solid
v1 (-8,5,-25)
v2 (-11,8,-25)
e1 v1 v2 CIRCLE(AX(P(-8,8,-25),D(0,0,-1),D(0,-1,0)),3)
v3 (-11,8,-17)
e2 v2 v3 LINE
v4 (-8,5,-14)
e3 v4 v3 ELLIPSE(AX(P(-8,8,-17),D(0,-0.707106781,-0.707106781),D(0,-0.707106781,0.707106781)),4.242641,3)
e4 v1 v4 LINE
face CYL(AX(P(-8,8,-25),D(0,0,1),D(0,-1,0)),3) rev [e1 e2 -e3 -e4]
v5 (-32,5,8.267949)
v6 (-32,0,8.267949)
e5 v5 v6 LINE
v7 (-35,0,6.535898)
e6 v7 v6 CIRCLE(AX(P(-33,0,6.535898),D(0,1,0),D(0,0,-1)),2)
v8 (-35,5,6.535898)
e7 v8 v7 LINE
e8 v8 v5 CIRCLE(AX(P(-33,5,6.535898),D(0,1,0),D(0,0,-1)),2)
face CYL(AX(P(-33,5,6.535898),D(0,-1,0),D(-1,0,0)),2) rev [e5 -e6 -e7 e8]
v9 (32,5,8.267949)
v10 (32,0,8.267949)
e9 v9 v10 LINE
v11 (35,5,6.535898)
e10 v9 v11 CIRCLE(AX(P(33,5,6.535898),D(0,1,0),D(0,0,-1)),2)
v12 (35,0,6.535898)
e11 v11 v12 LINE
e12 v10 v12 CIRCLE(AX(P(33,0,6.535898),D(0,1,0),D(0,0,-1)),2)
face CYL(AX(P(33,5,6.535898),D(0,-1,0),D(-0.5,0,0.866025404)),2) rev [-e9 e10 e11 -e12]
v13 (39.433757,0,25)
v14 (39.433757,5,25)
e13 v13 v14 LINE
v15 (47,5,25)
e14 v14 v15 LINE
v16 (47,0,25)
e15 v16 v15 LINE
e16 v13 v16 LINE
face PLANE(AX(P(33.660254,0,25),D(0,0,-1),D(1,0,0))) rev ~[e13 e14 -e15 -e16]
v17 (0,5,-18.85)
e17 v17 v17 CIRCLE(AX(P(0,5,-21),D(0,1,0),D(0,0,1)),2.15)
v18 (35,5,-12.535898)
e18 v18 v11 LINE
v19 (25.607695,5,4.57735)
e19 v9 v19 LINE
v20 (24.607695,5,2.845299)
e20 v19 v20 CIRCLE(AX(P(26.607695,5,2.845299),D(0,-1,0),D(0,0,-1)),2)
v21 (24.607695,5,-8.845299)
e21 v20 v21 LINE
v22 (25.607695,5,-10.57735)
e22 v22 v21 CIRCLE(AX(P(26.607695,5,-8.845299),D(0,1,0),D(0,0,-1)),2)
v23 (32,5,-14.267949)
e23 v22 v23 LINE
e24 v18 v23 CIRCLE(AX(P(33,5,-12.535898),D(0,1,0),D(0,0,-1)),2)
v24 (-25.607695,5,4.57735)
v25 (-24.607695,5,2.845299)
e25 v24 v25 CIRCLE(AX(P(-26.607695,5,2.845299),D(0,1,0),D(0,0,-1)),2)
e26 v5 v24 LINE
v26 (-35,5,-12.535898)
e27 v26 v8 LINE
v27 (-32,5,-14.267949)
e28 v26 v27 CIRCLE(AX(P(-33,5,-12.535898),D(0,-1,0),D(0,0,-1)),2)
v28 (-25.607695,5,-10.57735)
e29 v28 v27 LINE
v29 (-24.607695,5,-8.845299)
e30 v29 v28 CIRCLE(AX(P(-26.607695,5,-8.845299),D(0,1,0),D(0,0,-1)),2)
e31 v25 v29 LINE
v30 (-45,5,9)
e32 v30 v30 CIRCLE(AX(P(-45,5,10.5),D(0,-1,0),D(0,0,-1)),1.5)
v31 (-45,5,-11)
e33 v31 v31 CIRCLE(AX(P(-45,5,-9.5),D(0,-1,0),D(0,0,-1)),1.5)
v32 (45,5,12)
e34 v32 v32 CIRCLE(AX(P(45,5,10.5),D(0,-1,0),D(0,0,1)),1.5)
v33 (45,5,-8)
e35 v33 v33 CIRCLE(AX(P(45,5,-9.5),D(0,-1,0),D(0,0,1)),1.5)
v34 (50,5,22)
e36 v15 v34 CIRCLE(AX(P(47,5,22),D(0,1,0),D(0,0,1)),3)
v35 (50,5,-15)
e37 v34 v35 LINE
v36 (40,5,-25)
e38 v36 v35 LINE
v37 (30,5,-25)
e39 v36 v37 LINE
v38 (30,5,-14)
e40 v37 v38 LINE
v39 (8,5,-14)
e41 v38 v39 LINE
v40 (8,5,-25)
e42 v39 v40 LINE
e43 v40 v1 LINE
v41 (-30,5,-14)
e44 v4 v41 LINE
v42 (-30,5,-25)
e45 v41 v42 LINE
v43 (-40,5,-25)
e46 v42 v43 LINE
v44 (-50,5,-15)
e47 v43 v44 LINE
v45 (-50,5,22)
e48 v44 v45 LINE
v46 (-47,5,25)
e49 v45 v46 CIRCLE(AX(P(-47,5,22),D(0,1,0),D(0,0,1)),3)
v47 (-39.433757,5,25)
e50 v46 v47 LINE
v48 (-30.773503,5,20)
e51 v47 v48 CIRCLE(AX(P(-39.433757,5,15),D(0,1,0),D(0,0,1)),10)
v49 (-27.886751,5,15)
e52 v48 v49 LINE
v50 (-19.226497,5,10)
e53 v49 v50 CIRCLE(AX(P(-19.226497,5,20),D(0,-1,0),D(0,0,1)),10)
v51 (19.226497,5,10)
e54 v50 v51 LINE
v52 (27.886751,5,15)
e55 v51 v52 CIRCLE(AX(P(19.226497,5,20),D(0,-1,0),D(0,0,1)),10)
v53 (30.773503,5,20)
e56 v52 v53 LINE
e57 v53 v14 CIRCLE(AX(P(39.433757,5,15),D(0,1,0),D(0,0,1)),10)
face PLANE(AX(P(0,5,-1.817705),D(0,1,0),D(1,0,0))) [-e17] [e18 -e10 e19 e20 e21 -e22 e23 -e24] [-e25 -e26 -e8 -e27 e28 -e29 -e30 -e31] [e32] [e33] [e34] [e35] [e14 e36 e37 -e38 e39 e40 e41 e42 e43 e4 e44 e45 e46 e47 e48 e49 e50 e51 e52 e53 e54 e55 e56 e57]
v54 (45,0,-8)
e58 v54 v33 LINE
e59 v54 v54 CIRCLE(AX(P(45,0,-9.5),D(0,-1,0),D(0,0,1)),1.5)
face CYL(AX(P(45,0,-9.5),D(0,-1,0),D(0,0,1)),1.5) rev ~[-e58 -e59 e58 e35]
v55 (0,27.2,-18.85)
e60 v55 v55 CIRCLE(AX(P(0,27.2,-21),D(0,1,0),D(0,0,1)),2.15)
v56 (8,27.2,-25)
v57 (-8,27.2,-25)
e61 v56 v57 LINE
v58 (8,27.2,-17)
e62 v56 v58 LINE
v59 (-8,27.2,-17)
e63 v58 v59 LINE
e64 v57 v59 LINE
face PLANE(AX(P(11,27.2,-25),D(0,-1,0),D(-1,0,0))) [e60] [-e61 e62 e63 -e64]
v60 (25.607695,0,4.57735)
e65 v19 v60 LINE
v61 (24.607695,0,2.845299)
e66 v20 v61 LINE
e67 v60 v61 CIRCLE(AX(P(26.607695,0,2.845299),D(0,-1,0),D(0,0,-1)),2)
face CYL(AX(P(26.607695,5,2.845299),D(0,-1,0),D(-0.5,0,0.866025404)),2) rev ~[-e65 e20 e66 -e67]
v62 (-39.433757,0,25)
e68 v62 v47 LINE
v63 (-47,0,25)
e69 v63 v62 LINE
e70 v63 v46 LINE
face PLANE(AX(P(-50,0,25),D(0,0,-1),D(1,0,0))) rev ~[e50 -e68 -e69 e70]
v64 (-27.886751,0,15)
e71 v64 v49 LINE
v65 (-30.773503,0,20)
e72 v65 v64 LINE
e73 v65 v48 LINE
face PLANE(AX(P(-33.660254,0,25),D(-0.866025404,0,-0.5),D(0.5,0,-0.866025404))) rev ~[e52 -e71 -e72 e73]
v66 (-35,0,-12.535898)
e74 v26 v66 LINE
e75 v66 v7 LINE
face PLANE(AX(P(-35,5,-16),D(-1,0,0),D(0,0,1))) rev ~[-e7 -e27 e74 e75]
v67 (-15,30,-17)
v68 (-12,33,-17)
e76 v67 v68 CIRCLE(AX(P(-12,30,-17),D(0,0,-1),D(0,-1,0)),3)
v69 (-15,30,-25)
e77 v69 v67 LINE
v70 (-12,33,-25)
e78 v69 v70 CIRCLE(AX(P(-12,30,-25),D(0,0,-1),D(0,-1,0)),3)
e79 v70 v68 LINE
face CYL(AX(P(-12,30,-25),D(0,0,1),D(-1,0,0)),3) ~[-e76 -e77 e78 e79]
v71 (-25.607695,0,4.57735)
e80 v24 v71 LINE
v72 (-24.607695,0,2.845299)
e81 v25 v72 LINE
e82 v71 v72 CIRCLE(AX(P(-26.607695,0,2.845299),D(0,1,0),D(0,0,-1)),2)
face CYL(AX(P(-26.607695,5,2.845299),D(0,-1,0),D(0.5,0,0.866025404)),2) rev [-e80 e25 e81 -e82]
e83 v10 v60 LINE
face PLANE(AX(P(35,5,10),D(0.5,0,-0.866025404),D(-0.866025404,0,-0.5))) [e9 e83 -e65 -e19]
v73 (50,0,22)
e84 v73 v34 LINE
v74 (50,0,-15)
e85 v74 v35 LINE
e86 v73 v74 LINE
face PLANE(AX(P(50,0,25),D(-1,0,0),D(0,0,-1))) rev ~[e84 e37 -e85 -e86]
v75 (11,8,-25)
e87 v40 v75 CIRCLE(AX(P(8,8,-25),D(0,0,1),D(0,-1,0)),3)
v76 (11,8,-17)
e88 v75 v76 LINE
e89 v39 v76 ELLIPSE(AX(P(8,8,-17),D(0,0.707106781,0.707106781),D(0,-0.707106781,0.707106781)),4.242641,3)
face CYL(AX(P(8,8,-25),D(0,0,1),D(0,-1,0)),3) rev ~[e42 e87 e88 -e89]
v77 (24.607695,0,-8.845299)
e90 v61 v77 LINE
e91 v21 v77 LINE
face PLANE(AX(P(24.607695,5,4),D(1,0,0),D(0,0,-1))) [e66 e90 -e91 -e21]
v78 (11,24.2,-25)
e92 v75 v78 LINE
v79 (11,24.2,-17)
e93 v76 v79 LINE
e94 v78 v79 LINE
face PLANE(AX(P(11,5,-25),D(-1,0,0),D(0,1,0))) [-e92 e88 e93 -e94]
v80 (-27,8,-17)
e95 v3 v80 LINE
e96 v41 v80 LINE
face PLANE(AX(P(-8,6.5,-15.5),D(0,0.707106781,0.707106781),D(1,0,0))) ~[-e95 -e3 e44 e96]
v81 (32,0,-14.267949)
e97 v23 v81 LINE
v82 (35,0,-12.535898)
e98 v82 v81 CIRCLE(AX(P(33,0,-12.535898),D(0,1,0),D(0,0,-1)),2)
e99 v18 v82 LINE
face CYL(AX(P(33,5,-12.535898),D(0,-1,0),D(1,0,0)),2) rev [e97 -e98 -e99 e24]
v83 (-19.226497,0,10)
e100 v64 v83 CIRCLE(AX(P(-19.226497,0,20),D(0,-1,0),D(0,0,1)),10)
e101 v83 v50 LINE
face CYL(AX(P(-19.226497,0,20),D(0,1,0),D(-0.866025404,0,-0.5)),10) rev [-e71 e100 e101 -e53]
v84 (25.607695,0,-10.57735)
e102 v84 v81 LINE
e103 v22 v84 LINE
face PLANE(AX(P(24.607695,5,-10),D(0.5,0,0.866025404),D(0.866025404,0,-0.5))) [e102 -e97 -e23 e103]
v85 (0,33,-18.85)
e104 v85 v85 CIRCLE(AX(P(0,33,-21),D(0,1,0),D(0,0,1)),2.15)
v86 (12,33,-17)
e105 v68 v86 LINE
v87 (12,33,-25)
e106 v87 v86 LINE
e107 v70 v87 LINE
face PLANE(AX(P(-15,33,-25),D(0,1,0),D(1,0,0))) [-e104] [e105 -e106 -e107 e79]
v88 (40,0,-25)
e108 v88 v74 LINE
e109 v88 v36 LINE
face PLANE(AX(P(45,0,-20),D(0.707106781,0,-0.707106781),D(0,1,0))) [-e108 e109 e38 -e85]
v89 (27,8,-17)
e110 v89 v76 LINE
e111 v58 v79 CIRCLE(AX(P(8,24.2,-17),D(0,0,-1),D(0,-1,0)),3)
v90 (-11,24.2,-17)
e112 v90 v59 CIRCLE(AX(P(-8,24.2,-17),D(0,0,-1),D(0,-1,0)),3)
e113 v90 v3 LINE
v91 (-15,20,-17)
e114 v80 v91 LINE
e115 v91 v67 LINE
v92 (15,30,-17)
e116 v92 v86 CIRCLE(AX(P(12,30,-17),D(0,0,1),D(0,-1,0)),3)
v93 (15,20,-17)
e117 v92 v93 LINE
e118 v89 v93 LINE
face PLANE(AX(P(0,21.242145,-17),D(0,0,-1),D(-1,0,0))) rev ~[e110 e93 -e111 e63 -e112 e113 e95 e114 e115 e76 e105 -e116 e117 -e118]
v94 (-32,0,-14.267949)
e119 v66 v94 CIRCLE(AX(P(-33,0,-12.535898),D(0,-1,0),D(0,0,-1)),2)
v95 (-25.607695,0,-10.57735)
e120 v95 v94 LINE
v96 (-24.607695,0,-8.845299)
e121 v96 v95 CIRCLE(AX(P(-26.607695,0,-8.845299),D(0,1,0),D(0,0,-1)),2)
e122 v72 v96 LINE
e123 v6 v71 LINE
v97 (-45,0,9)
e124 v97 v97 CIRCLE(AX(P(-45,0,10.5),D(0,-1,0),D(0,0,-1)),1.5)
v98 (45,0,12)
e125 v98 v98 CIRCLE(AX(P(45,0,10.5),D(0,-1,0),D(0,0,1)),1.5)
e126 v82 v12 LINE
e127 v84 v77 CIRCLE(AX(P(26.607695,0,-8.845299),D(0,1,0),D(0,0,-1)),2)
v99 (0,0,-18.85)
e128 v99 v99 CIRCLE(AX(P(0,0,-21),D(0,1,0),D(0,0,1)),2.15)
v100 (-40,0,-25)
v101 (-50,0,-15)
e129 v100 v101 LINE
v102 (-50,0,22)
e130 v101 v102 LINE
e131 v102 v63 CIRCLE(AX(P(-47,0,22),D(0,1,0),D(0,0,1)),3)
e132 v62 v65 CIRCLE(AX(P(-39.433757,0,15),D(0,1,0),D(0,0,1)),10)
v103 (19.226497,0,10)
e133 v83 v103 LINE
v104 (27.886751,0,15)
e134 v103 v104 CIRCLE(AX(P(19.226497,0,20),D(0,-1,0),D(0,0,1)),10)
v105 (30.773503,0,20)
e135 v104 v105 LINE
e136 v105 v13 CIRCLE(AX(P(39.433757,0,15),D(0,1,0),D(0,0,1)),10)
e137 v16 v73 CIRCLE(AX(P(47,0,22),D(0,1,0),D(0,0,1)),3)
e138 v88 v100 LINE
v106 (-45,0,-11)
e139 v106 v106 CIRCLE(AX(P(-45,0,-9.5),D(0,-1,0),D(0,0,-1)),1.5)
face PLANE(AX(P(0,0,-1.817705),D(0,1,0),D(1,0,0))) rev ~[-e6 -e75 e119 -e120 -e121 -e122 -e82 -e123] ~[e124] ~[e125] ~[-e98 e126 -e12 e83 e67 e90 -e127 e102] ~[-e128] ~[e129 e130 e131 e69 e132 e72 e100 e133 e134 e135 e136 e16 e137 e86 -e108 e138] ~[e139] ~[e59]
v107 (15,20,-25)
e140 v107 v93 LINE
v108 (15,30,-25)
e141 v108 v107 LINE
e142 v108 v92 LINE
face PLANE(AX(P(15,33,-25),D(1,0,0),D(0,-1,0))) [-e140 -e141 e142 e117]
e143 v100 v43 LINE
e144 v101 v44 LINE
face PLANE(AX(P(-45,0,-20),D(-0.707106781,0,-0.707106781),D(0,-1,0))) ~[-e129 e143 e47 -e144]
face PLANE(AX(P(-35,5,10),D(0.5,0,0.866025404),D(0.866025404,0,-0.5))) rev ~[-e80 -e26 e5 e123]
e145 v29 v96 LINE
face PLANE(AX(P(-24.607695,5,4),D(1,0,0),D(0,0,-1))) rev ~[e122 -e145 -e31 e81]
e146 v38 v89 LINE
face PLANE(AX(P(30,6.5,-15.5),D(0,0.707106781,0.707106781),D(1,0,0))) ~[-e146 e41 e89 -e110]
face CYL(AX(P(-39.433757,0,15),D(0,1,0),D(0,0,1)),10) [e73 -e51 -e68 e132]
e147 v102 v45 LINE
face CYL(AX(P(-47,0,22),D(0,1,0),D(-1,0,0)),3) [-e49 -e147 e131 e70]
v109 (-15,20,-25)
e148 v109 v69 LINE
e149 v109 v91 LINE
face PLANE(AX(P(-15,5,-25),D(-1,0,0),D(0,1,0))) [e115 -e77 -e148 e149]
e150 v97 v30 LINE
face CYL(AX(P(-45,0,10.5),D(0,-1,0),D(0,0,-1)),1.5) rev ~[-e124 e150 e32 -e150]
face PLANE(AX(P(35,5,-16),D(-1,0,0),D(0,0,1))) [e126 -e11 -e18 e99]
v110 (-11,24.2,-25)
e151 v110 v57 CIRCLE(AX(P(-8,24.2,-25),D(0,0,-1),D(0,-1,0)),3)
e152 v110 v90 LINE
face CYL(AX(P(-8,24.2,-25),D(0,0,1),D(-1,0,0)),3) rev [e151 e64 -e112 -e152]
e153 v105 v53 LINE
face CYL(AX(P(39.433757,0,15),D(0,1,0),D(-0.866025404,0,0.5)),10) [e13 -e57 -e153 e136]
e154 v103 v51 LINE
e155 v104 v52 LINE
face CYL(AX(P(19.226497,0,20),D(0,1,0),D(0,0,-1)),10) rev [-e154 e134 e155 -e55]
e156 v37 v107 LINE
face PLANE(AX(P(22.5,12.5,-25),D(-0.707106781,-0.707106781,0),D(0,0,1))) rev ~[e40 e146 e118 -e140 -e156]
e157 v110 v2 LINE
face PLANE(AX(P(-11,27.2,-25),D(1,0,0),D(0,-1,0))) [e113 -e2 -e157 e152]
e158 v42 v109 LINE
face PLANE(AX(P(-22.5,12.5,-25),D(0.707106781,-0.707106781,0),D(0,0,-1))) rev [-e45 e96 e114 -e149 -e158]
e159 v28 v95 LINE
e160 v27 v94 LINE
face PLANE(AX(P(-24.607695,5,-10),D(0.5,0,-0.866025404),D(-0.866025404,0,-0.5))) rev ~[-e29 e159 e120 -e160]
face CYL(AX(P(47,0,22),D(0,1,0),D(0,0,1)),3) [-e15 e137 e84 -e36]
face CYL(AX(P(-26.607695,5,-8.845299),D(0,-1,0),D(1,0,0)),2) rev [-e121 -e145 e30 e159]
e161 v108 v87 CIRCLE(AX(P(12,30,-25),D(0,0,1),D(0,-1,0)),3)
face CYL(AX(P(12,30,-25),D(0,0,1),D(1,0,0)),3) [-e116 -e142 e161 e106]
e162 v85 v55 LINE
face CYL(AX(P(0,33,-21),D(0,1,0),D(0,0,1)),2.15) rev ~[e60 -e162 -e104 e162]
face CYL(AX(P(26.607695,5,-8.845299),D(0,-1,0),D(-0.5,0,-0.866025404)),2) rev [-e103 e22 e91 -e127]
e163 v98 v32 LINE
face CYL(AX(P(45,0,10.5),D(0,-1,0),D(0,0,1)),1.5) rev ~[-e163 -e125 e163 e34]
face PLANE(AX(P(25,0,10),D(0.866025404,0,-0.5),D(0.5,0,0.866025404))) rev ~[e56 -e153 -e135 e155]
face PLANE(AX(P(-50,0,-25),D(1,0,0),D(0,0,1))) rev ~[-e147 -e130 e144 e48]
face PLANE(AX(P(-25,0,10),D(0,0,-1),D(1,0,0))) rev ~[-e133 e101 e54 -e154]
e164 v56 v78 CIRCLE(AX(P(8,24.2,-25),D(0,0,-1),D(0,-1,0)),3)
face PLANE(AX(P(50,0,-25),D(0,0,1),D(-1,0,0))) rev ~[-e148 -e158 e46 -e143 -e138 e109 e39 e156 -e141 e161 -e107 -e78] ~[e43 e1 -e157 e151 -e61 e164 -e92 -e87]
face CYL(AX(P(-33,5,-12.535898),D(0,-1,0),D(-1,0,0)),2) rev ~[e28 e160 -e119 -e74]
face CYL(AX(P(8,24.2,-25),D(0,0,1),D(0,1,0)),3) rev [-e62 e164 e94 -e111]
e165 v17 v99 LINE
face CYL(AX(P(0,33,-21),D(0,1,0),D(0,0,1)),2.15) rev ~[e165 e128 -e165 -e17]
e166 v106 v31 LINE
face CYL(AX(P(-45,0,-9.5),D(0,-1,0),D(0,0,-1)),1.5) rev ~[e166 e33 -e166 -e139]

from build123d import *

# Parameters (mm, degrees)
EXTRUDE_1_DEPTH     = 5
FILLET_1_R          = 10
EXTRUDE_2_DEPTH     = 8
FILLET_4_R          = 3
SKETCH_3_R          = 1.5
CUT_EXTRUDE_1_DEPTH = 5
CHAMFER_1_SIZE      = 10
FILLET_5_R          = 3
CUT_EXTRUDE_2_DEPTH = 5
FILLET_6_R          = 2
FILLET_7_R          = 2
CHAMFER_2_SIZE      = 15
FILLET_8_R          = 3
SKETCH_6_R          = 2.15
CUT_EXTRUDE_3_DEPTH = 52
CHAMFER_3_SIZE      = 3


with BuildPart() as part:
    # 草图1 → 凸台-拉伸1 (new body)
    with BuildSketch(Plane(origin=(0, 0, 0), x_dir=(1, 0, 0), z_dir=(0, 1, 0))):
        Polygon((-50, -25), (-33.660254038, -25), (-25, -10), (25, -10), (33.660254038, -25), (50, -25), (50, 25), (-50, 25), align=None)
    extrude(amount=EXTRUDE_1_DEPTH)

    # 圆角1
    fillet_1_edges = [part.edges().sort_by_distance(p)[0] for p in [
        (-25, 2.5, 10),
        (-33.660254038, 2.5, 25),
        (33.660254038, 2.5, 25),
        (25, 2.5, 10),
    ]]
    fillet(fillet_1_edges, radius=FILLET_1_R)

    # 草图2 → 凸台-拉伸2 (add)
    with BuildSketch(Plane(origin=(0, 0, -25), x_dir=(-1, 0, 0), z_dir=(0, 0, -1))):
        Polygon((-15, 33), (-15, 5), (-11, 5), (-11, 27.2), (0, 27.2), (11, 27.2), (11, 5), (15, 5), (15, 33), align=None)
    extrude(amount=-EXTRUDE_2_DEPTH)

    # 圆角4
    fillet_4_edges = [part.edges().sort_by_distance(p)[0] for p in [
        (15, 33, -21),
        (-15, 33, -21),
    ]]
    fillet(fillet_4_edges, radius=FILLET_4_R)

    # 草图3 → 切除-拉伸1 (cut)
    with BuildSketch(Plane.XZ):
        with Locations(Location((-45, 10.5, 0), (0, 0, 270))):
            Circle(SKETCH_3_R)
        with Locations(Location((-45, -9.5, 0), (0, 0, 270))):
            Circle(SKETCH_3_R)
        with Locations(Location((45, -9.5, 0), (0, 0, 90))):
            Circle(SKETCH_3_R)
        with Locations(Location((45, 10.5, 0), (0, 0, 90))):
            Circle(SKETCH_3_R)
    extrude(amount=-CUT_EXTRUDE_1_DEPTH, mode=Mode.SUBTRACT)

    # 倒角1
    chamfer_1_edges = [part.edges().sort_by_distance(p)[0] for p in [
        (-50, 2.5, -25),
        (50, 2.5, -25),
    ]]
    chamfer(chamfer_1_edges, length=CHAMFER_1_SIZE)

    # 圆角5
    fillet_5_edges = [part.edges().sort_by_distance(p)[0] for p in [
        (-50, 2.5, 25),
        (50, 2.5, 25),
    ]]
    fillet(fillet_5_edges, radius=FILLET_5_R)

    # 草图4 → 切除-拉伸2 (cut)
    with BuildSketch(Plane(origin=(0, 5, 0), x_dir=(1, 0, 0), z_dir=(0, 1, 0))):
        Polygon((-35, 16), (-35, -10), (-24.607695155, -4), (-24.607695155, 10), align=None)
        Polygon((24.607695155, -4), (24.607695155, 10), (35, 16), (35, -10), align=None)
    extrude(amount=-CUT_EXTRUDE_2_DEPTH, mode=Mode.SUBTRACT)

    # 圆角6
    fillet_6_edges = [part.edges().sort_by_distance(p)[0] for p in [
        (-35, 2.5, -16),
        (-24.607695155, 2.5, -10),
        (-24.607695155, 2.5, 4),
        (-35, 2.5, 10),
    ]]
    fillet(fillet_6_edges, radius=FILLET_6_R)

    # 圆角7
    fillet_7_edges = [part.edges().sort_by_distance(p)[0] for p in [
        (35, 2.5, 10),
        (24.607695155, 2.5, 4),
        (24.607695155, 2.5, -10),
        (35, 2.5, -16),
    ]]
    fillet(fillet_7_edges, radius=FILLET_7_R)

    # 倒角2
    chamfer_2_edges = [part.edges().sort_by_distance(p)[0] for p in [
        (15, 5, -21),
        (-15, 5, -21),
    ]]
    chamfer(chamfer_2_edges, length=CHAMFER_2_SIZE)

    # 圆角8
    fillet_8_edges = [part.edges().sort_by_distance(p)[0] for p in [
        (-11, 5, -21),
        (-11, 27.2, -21),
        (11, 27.2, -21),
        (11, 5, -21),
    ]]
    fillet(fillet_8_edges, radius=FILLET_8_R)

    # 草图6 → 切除-拉伸3 (cut)
    with BuildSketch(Plane(origin=(0, 33, 0), x_dir=(1, 0, 0), z_dir=(0, 1, 0))):
        with Locations(Location((0, 21, 0), (0, 0, 270))):
            Circle(SKETCH_6_R)
    extrude(amount=-CUT_EXTRUDE_3_DEPTH, mode=Mode.SUBTRACT)

    # 倒角3
    chamfer_3_edges = [part.edges().sort_by_distance(p)[0] for p in [
        (19, 5, -17),
        (-19, 5, -17),
    ]]
    chamfer(chamfer_3_edges, length=CHAMFER_3_SIZE)


solid = part.part
